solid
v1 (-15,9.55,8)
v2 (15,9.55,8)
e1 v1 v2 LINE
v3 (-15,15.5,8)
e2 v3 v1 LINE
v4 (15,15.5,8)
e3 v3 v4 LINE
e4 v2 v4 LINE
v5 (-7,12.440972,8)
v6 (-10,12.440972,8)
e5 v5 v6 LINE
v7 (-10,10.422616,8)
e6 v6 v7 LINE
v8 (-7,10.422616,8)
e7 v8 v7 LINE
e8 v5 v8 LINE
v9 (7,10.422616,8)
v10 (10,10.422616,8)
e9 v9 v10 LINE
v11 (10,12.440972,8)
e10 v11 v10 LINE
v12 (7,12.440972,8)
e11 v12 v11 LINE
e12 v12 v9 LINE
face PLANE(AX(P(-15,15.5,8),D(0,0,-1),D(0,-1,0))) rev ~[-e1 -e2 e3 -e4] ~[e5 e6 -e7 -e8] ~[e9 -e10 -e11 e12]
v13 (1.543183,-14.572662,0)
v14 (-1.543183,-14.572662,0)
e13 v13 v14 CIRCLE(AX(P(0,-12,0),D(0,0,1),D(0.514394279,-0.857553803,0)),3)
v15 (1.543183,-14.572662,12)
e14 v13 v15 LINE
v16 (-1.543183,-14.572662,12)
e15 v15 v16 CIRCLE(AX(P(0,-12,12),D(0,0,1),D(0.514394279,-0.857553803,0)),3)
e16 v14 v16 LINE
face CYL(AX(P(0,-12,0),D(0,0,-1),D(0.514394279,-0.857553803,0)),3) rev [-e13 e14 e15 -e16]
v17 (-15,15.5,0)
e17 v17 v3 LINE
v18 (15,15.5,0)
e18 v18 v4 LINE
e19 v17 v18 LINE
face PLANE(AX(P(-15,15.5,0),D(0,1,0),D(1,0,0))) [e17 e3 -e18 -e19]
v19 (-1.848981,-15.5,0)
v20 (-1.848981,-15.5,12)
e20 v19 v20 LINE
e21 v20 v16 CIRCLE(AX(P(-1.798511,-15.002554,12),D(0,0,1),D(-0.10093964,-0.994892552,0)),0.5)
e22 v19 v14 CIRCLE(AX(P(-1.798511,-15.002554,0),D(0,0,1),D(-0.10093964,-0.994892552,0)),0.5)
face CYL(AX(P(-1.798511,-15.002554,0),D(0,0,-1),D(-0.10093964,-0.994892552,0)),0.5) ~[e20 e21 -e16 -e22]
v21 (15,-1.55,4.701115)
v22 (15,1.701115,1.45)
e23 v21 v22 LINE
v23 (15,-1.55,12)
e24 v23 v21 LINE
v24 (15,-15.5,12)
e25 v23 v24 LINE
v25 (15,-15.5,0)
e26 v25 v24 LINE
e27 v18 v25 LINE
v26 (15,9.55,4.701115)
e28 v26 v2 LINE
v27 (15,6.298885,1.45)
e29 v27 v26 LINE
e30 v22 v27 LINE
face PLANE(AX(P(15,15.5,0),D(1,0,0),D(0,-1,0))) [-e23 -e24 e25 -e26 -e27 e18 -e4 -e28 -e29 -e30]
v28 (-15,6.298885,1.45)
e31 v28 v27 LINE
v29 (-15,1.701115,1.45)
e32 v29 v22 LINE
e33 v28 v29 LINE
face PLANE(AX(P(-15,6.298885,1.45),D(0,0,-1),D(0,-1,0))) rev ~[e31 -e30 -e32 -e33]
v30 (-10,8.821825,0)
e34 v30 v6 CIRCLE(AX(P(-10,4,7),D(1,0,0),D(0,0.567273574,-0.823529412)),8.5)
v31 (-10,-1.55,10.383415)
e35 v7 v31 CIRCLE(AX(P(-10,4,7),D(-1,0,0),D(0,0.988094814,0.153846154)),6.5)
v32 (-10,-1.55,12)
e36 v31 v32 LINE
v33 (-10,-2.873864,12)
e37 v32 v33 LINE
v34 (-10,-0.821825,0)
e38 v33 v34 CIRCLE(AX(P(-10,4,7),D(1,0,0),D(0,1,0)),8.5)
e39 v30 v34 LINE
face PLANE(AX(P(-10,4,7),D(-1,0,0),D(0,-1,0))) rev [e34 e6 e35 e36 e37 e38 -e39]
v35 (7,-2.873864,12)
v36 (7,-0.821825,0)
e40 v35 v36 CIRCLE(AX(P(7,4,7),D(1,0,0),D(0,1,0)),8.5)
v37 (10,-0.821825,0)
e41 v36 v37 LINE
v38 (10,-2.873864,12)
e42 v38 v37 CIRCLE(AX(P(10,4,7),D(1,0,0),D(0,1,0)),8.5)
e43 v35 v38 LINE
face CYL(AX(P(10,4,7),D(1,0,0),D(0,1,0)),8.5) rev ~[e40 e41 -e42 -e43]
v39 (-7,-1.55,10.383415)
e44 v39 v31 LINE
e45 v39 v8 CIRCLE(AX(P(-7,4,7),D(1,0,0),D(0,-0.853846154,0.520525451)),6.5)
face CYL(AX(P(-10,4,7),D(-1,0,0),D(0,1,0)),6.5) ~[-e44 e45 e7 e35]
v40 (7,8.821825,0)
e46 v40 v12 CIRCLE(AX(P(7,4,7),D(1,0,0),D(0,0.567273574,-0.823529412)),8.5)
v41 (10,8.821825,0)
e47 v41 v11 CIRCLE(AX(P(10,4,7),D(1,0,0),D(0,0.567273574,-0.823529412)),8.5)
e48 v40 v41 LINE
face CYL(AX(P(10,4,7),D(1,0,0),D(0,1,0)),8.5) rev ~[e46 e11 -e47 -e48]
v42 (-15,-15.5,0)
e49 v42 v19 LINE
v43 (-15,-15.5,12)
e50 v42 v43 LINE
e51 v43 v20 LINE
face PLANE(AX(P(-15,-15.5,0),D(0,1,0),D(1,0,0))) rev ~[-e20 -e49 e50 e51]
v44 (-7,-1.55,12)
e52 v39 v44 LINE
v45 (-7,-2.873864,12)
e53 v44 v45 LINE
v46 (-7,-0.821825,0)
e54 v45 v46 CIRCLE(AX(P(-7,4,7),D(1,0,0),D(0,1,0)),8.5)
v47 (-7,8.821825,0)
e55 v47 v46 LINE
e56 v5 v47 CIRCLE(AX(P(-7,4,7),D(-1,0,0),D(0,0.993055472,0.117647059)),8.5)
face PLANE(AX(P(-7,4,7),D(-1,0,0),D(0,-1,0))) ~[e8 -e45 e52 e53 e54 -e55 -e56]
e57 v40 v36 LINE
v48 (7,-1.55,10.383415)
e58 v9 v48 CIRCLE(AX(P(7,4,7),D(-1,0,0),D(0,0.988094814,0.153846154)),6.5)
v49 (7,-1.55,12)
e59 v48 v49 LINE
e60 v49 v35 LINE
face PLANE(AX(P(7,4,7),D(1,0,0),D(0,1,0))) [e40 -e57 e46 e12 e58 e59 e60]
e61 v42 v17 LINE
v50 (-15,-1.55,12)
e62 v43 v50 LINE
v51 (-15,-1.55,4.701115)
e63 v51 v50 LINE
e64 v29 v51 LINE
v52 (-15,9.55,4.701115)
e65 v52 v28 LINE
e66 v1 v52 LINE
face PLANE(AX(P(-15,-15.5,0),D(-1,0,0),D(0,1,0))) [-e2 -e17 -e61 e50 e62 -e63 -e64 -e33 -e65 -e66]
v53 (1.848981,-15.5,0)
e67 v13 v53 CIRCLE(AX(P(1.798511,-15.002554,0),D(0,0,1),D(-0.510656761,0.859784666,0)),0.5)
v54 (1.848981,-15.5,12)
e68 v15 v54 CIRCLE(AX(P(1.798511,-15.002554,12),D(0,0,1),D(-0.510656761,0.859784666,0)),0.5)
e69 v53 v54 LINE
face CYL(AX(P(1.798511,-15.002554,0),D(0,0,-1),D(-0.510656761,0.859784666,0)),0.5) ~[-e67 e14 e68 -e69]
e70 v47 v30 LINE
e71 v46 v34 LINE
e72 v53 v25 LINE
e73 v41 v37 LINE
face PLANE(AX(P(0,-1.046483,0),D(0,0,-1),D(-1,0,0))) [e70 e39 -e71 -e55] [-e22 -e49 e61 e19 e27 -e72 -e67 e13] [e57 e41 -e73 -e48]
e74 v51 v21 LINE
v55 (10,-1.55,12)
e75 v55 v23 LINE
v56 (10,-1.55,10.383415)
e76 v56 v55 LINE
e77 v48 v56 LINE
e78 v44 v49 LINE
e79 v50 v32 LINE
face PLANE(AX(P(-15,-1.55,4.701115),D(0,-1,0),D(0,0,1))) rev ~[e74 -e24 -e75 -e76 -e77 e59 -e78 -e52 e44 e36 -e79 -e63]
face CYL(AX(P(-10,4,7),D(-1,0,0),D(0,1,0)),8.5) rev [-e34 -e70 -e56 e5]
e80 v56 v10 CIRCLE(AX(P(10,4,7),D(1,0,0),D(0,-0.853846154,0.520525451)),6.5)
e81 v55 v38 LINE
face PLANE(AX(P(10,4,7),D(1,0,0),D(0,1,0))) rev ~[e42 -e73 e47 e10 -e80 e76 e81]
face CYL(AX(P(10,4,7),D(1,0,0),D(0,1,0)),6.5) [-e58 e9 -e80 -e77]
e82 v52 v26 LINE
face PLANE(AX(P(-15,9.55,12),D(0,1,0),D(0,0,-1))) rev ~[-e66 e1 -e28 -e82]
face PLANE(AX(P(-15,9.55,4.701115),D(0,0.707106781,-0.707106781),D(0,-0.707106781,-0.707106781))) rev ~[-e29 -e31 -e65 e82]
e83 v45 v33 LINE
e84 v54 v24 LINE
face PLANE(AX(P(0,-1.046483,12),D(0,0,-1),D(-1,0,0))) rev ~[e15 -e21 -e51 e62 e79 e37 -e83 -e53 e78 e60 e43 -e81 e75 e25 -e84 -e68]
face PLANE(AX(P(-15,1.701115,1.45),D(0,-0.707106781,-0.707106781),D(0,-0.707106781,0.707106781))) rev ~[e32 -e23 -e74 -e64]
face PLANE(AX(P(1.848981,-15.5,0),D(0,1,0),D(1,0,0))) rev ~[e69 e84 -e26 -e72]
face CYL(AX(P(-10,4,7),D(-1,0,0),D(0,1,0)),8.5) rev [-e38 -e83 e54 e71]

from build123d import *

# Parameters (mm, degrees)
SKETCH003_R     = 8.5
PAD001_DEPTH    = 3
SKETCH004_R     = 6.5
POCKET002_DEPTH = 3.001
PAD_DEPTH       = 12
POCKET_DEPTH    = 30.001
SKETCH002_W     = 5.95
SKETCH002_H     = 4
POCKET001_DEPTH = 30.001


with BuildPart() as pocket002:
    # Sketch003 → Pad001 (new body)
    with BuildSketch(Plane.YZ.offset(10)):
        with Locations((4, 7)):
            Circle(SKETCH003_R)
    extrude(amount=-PAD001_DEPTH)

    # Sketch004 → Pocket002 (cut, through all)
    with BuildSketch(Plane.YZ.offset(10)):
        with Locations((4, 7)):
            Circle(SKETCH004_R)
    extrude(amount=-POCKET002_DEPTH, mode=Mode.SUBTRACT)


with BuildPart() as part_mirroring:
    # Part__Mirroring: instance of Pocket002
    add(pocket002.part.mirror(Plane(origin=(0, 0, 0), x_dir=(0, -1, 0), z_dir=(1, 0, 0))))


with BuildPart() as cut001:
    # Sketch → Pad (new body)
    with BuildSketch(Plane.XY):
        with BuildLine():
            Line((-15, 15.5), (15, 15.5))
            Line((15, 15.5), (15, -15.5))
            Line((1.848981, -15.5), (15, -15.5))
            ThreePointArc((1.543183, -14.572662), (1.323663, -15.159139), (1.848981, -15.5))
            ThreePointArc((1.543183, -14.572662), (0, -9), (-1.543183, -14.572662))
            ThreePointArc((-1.848981, -15.5), (-1.323663, -15.159139), (-1.543183, -14.572662))
            Line((-15, -15.5), (-1.848981, -15.5))
            Line((-15, -15.5), (-15, 15.5))
        make_face()
    extrude(amount=PAD_DEPTH)

    # Sketch001 → Pocket (cut, through all)
    with BuildSketch(Plane(origin=(-15, 0, 0), x_dir=(0, -1, 0), z_dir=(-1, 0, 0))):
        Polygon((1.55, 4.701115), (1.55, 9.298885), (1.55, 12), (-9.55, 12), (-9.55, 9.298885), (-9.55, 4.701115), (-6.298885, 1.45), (-1.701115, 1.45), align=None)
    extrude(amount=-POCKET_DEPTH, mode=Mode.SUBTRACT)

    # Sketch002 → Pocket001 (cut, through all)
    with BuildSketch(Plane(origin=(-15, 0, 0), x_dir=(0, -1, 0), z_dir=(-1, 0, 0))):
        with Locations((-12.525, 10)):
            Rectangle(SKETCH002_W, SKETCH002_H)
    extrude(amount=-POCKET001_DEPTH, mode=Mode.SUBTRACT)

    # Cut: cut Part__Mirroring
    add(part_mirroring.part, mode=Mode.SUBTRACT)

    # Cut001: cut Pocket002
    add(pocket002.part, mode=Mode.SUBTRACT)


solid = cut001.part
